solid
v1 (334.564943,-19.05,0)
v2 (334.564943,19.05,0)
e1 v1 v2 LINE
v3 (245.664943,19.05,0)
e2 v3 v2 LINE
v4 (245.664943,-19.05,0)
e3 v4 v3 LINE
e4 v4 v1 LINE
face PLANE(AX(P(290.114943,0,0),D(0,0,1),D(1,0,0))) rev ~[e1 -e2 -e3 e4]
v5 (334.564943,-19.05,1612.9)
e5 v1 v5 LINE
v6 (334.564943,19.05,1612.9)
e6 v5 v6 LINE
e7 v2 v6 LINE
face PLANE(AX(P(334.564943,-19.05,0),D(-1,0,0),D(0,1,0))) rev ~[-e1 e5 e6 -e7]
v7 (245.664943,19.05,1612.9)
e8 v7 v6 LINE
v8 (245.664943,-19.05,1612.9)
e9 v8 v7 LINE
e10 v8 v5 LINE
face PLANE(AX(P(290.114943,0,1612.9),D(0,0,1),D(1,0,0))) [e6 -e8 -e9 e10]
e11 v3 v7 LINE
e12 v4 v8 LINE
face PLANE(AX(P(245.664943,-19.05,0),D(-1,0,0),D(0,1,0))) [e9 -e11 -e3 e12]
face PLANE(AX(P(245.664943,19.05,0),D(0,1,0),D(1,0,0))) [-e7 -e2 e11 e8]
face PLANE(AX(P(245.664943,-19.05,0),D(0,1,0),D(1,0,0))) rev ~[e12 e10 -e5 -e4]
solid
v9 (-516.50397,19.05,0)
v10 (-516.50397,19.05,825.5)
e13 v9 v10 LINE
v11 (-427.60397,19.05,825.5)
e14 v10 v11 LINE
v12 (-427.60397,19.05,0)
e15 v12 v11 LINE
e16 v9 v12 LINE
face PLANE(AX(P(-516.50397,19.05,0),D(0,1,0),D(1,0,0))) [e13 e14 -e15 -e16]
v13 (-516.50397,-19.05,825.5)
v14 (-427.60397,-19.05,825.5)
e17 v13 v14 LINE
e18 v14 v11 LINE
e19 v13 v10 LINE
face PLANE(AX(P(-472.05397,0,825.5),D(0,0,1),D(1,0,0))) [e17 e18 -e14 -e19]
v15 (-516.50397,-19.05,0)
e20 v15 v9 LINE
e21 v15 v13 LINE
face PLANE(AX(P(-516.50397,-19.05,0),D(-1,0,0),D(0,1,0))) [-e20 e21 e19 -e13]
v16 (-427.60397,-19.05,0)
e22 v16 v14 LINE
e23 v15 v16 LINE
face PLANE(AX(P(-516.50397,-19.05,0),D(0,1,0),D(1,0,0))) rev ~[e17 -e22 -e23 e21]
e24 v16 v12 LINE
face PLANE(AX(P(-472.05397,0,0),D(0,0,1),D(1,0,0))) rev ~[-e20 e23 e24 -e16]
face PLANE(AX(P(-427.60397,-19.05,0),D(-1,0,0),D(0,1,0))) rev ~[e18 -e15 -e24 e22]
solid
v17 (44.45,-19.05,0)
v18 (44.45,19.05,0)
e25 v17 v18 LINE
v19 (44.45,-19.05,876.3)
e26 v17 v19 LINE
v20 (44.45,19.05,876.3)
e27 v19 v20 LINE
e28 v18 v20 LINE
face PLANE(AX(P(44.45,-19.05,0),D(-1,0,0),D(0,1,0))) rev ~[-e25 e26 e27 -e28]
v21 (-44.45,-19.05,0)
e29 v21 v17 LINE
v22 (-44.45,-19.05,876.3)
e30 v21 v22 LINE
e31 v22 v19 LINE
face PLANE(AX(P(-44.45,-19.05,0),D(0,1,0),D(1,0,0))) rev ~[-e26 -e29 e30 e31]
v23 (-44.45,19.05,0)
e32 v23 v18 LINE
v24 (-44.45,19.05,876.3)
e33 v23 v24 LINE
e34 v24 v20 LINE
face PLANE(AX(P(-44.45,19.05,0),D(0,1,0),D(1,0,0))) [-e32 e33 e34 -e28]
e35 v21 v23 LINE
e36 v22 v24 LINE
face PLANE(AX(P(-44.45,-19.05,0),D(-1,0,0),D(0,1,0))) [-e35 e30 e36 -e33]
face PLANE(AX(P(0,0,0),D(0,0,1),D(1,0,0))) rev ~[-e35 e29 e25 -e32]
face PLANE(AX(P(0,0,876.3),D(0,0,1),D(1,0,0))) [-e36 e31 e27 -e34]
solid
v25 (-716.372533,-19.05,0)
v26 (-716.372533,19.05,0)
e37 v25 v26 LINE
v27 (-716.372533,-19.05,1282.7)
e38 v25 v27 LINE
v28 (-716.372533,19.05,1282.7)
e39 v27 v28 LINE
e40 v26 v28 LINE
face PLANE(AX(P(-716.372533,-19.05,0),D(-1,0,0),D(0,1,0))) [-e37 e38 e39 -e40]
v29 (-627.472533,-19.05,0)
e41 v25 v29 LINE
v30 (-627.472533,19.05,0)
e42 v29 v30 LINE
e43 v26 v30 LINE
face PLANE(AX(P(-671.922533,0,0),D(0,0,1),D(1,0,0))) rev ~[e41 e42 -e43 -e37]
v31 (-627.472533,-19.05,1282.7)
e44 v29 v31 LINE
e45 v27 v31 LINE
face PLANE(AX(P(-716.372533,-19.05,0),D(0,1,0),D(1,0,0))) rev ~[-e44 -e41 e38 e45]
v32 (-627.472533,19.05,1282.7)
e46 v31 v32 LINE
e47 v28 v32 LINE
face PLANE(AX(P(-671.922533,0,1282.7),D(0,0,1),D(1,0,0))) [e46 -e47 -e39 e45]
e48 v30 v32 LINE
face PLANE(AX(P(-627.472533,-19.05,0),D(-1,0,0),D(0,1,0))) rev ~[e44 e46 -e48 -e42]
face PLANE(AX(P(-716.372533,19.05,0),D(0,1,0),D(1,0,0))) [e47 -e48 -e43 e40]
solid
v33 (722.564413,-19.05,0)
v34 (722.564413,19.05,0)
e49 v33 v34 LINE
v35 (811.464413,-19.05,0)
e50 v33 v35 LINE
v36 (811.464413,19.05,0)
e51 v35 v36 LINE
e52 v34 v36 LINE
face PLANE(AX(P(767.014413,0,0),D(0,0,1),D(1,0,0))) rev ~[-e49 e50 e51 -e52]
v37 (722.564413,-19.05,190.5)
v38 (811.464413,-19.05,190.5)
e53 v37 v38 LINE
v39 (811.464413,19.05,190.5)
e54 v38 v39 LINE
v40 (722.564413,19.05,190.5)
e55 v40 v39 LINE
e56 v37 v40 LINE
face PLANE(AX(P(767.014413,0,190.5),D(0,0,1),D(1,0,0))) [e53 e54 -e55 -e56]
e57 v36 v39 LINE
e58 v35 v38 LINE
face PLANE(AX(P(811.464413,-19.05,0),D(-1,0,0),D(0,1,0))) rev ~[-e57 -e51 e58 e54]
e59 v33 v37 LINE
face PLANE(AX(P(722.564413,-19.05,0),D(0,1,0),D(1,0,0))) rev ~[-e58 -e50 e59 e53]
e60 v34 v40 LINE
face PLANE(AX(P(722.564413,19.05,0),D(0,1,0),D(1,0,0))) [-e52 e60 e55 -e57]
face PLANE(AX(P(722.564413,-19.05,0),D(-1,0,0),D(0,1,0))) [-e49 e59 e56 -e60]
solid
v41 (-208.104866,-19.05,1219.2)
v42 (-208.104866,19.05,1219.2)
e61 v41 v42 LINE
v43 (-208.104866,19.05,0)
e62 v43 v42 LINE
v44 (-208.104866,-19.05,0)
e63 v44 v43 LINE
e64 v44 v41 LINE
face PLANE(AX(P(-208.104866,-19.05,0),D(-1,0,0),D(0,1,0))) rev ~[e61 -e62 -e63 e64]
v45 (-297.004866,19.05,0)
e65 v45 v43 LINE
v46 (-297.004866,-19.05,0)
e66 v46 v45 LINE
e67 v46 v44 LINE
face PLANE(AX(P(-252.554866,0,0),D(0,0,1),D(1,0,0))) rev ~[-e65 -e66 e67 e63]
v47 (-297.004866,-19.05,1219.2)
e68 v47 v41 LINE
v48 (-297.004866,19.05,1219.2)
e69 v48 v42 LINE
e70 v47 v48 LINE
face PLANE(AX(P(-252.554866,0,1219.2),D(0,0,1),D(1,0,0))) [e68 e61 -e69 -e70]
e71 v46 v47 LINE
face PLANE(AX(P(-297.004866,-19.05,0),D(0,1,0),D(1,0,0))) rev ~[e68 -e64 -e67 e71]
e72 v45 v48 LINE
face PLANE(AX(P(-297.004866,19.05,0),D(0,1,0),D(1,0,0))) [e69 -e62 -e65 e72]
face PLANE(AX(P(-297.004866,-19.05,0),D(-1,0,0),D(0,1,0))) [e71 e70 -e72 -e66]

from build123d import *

# Parameters (mm, degrees)
F0_W      = 88.9
F0_H      = 38.1
F1_DEPTH  = 876.3
F2_W      = 88.9
F2_H      = 38.1
F3_DEPTH  = 1219.2
F4_W      = 88.9
F4_H      = 38.1
F5_DEPTH  = 1612.9
F6_W      = 88.9
F6_H      = 38.1
F7_DEPTH  = 825.5
F8_W      = 88.9
F8_H      = 38.1
F9_DEPTH  = 190.5
F10_W     = 88.9
F10_H     = 38.1
F11_DEPTH = 1282.7


with BuildPart() as f1:
    # F0 (on Top) → F1 (new body)
    with BuildSketch(Plane.XY):
        Rectangle(F0_W, F0_H)
    extrude(amount=F1_DEPTH)


with BuildPart() as f3:
    # F2 (on Top) → F3 (new body)
    with BuildSketch(Plane.XY):
        with Locations((-252.554866, 0)):
            Rectangle(F2_W, F2_H)
    extrude(amount=F3_DEPTH)


with BuildPart() as f5:
    # F4 (on Top) → F5 (new body)
    with BuildSketch(Plane.XY):
        with Locations((290.114943, 0)):
            Rectangle(F4_W, F4_H)
    extrude(amount=F5_DEPTH)


with BuildPart() as f7:
    # F6 (on Top) → F7 (new body)
    with BuildSketch(Plane.XY):
        with Locations((-472.05397, 0)):
            Rectangle(F6_W, F6_H)
    extrude(amount=F7_DEPTH)


with BuildPart() as f9:
    # F8 (on Top) → F9 (new body)
    with BuildSketch(Plane.XY):
        with Locations((767.014413, 0)):
            Rectangle(F8_W, F8_H)
    extrude(amount=F9_DEPTH)


with BuildPart() as f11:
    # F10 (on Top) → F11 (new body)
    with BuildSketch(Plane.XY):
        with Locations((-671.922533, 0)):
            Rectangle(F10_W, F10_H)
    extrude(amount=F11_DEPTH)


solid = Compound([f1.part, f3.part, f5.part, f7.part, f9.part, f11.part])
